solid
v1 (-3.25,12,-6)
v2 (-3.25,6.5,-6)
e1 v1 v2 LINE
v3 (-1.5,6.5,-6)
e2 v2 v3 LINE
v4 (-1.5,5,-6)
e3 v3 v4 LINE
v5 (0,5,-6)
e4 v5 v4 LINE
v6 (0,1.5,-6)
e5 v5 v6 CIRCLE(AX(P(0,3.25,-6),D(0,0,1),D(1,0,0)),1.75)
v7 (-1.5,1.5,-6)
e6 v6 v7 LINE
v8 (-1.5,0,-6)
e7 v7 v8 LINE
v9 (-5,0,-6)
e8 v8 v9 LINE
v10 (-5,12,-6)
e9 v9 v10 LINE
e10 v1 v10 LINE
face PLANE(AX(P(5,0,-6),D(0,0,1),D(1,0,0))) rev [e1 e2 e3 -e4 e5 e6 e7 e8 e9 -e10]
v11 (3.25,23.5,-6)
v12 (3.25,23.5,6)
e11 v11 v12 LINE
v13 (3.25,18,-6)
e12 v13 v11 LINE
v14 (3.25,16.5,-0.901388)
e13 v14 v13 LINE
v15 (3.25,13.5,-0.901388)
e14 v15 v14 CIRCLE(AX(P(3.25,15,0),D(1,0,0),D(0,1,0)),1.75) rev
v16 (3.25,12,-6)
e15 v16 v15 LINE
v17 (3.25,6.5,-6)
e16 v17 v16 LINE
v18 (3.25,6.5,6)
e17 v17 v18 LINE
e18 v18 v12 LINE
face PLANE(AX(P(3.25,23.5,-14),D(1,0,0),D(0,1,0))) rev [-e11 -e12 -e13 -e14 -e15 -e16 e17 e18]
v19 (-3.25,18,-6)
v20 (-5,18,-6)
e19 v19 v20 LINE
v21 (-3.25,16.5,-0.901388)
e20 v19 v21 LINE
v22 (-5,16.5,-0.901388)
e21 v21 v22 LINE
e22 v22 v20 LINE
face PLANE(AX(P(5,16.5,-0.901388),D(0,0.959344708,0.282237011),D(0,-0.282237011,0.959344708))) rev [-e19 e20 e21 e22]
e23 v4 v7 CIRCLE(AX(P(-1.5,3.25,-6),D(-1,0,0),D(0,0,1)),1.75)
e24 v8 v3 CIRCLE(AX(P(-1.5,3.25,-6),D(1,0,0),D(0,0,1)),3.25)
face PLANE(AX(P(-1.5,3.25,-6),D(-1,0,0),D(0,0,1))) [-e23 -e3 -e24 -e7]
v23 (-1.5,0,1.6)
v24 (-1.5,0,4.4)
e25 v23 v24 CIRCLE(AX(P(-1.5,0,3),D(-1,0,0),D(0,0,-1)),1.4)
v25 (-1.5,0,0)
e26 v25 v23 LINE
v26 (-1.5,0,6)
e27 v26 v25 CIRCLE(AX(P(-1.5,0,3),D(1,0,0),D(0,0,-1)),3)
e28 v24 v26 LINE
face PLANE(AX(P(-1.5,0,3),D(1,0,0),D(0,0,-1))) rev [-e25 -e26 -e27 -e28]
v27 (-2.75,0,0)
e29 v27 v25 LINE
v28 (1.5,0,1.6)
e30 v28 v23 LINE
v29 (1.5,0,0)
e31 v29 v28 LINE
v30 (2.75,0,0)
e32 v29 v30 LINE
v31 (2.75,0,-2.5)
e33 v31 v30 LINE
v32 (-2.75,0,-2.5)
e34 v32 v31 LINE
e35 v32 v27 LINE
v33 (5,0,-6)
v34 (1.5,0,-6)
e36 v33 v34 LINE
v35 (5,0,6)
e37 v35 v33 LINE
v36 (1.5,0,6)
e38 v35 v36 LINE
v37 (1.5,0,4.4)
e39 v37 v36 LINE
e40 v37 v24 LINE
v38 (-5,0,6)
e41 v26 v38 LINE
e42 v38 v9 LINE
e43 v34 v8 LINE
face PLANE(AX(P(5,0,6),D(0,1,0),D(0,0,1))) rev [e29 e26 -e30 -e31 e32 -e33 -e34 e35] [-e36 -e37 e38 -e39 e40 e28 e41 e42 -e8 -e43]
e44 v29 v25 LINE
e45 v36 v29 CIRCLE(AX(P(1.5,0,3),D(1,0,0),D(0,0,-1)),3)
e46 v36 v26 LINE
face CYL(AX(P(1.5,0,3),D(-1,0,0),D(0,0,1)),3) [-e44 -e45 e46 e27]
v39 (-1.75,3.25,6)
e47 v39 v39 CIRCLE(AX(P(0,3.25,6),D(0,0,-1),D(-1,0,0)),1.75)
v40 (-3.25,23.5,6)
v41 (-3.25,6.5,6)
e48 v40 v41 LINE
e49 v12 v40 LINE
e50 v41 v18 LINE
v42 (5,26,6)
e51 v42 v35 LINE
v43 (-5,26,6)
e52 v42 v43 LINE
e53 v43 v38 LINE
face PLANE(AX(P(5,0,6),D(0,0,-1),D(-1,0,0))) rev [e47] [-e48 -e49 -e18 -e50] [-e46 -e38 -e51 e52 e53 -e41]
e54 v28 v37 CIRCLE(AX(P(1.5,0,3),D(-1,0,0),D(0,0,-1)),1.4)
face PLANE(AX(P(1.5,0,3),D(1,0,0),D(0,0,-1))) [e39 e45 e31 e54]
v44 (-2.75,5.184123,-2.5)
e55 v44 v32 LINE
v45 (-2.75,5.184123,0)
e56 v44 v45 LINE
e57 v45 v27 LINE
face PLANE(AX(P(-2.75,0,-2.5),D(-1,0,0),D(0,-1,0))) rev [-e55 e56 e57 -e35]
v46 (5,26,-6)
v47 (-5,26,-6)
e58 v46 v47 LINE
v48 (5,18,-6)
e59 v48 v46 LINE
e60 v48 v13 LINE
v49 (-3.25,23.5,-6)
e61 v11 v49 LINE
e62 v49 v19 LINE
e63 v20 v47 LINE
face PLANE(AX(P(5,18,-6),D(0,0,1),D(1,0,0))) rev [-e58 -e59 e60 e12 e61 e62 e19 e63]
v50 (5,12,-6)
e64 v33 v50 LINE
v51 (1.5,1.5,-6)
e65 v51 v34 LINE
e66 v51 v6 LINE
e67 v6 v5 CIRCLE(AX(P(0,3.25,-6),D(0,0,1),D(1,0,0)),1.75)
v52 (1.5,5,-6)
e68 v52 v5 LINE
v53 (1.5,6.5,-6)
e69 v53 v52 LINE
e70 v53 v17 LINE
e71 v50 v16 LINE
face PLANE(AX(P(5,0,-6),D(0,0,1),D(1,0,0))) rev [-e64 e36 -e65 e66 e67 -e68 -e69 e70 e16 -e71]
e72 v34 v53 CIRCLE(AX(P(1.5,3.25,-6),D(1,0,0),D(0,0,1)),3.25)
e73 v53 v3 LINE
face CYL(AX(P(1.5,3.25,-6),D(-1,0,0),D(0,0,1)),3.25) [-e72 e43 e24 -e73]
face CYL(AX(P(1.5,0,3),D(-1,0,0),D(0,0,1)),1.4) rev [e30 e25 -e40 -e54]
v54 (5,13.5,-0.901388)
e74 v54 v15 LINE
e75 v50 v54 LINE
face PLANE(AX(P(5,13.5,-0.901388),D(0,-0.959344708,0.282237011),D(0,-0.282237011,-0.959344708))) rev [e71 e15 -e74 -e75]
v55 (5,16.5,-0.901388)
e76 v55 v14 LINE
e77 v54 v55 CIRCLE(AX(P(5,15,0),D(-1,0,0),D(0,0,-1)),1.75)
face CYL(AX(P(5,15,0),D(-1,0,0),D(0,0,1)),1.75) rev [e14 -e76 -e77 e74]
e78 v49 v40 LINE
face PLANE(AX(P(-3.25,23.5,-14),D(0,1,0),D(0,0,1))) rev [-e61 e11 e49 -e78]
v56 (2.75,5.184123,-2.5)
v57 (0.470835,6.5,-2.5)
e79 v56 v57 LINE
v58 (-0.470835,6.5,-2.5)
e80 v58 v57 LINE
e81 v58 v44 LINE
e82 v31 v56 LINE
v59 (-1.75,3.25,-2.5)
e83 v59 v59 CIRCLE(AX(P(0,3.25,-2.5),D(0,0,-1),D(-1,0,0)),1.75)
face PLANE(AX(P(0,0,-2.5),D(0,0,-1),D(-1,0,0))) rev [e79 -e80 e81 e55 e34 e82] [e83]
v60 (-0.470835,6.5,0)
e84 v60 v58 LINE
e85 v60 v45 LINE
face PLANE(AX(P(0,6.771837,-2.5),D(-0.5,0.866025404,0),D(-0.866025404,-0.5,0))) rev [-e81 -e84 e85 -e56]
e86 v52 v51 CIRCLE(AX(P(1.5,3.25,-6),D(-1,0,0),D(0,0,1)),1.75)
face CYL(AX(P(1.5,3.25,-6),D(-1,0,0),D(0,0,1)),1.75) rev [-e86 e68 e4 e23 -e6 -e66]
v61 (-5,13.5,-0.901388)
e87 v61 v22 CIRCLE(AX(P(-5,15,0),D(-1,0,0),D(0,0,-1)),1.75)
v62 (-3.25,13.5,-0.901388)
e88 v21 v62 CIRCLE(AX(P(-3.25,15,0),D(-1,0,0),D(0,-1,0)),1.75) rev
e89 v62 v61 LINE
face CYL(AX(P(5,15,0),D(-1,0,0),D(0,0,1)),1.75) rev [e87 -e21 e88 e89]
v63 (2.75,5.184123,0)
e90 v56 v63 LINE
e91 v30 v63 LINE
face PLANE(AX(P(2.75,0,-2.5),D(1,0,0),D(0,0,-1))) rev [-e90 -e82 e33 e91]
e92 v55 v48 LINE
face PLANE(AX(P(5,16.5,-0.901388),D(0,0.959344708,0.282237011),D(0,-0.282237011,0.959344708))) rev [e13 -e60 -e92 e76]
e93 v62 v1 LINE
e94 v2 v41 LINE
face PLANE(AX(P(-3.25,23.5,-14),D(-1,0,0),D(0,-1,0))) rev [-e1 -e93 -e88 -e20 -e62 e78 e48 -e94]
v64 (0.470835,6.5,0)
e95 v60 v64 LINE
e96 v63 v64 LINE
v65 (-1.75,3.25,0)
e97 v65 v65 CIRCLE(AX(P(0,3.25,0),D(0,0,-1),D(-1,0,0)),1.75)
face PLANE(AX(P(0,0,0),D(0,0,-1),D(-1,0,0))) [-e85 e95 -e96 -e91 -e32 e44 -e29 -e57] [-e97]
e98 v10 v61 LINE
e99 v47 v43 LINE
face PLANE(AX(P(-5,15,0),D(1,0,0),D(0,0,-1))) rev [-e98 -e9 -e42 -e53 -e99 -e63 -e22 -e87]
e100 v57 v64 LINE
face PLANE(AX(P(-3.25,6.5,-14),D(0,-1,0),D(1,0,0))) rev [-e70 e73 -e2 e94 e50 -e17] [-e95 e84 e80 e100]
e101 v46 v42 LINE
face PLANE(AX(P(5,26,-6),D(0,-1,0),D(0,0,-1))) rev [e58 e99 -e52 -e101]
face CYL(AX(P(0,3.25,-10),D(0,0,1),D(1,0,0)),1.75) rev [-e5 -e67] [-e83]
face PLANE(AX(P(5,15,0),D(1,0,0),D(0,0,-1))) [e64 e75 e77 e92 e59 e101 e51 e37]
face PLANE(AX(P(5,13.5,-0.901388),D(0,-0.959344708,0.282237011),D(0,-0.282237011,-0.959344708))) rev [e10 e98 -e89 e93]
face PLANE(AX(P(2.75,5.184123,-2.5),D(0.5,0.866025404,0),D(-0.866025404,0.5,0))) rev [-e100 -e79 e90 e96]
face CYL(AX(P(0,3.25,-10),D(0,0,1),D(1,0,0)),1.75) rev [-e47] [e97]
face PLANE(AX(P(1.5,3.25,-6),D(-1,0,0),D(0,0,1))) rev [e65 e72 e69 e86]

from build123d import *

# Parameters (mm, degrees)
BOSS_EXTRUDE1_DEPTH = 5
SKETCH2_W           = 6.5
SKETCH2_H           = 17
CUT_EXTRUDE1_DEPTH  = 20
CUT_EXTRUDE2_DEPTH  = 2.5
SKETCH4_R           = 1.75
CUT_EXTRUDE3_DEPTH  = 10
BOSS_EXTRUDE2_DEPTH = 1.5


with BuildPart() as part:
    # Sketch1 → Boss-Extrude1 (new, symmetric)
    with BuildSketch(Plane(origin=(0, 0, 0), x_dir=(0, 0, -1), z_dir=(1, 0, 0))):
        with BuildLine():
            Line((-6, 0), (6, 0))
            Line((6, 0), (6, 12))
            Line((6, 12), (0.901387819, 13.5))
            ThreePointArc((0.901387819, 13.5), (-1.75, 15), (0.901387819, 16.5))
            Line((0.901387819, 16.5), (6, 18))
            Line((6, 18), (6, 26))
            Line((6, 26), (-6, 26))
            Line((-6, 26), (-6, 0))
        make_face()
    extrude(amount=BOSS_EXTRUDE1_DEPTH, both=True)

    # Sketch2 → Cut-Extrude1 (cut)
    with BuildSketch(Plane.XY.offset(6)):
        with Locations((0, 15)):
            Rectangle(SKETCH2_W, SKETCH2_H)
    extrude(amount=-CUT_EXTRUDE1_DEPTH, mode=Mode.SUBTRACT)

    # Sketch3 → Cut-Extrude2 (cut)
    with BuildSketch(Plane.XY):
        Polygon((-2.75, 0), (2.75, 0), (2.75, 5.184123402), (0, 6.771836642), (-2.75, 5.184123402), align=None)
    extrude(amount=-CUT_EXTRUDE2_DEPTH, mode=Mode.SUBTRACT)

    # Sketch4 → Cut-Extrude3 (cut, symmetric)
    with BuildSketch(Plane.XY):
        with Locations(Location((0, 3.25, 0), (0, 0, 180))):
            Circle(SKETCH4_R)
    extrude(amount=CUT_EXTRUDE3_DEPTH, both=True, mode=Mode.SUBTRACT)

    # Sketch5 → Boss-Extrude2 (add, symmetric)
    with BuildSketch(Plane(origin=(0, 0, 0), x_dir=(0, 0, -1), z_dir=(1, 0, 0))):
        with BuildLine():
            Line((6, 5), (6, 6.5))
            ThreePointArc((6, 6.5), (9.25, 3.25), (6, 0))
            Line((6, 0), (6, 1.5))
            ThreePointArc((6, 1.5), (7.75, 3.25), (6, 5))
        make_face()
        with BuildLine():
            Line((-4.4, 0), (-6, 0))
            ThreePointArc((-6, 0), (-3, -3), (0, 0))
            Line((0, 0), (-1.6, 0))
            ThreePointArc((-1.6, 0), (-3, -1.4), (-4.4, 0))
        make_face()
    extrude(amount=BOSS_EXTRUDE2_DEPTH, both=True)


solid = part.part
